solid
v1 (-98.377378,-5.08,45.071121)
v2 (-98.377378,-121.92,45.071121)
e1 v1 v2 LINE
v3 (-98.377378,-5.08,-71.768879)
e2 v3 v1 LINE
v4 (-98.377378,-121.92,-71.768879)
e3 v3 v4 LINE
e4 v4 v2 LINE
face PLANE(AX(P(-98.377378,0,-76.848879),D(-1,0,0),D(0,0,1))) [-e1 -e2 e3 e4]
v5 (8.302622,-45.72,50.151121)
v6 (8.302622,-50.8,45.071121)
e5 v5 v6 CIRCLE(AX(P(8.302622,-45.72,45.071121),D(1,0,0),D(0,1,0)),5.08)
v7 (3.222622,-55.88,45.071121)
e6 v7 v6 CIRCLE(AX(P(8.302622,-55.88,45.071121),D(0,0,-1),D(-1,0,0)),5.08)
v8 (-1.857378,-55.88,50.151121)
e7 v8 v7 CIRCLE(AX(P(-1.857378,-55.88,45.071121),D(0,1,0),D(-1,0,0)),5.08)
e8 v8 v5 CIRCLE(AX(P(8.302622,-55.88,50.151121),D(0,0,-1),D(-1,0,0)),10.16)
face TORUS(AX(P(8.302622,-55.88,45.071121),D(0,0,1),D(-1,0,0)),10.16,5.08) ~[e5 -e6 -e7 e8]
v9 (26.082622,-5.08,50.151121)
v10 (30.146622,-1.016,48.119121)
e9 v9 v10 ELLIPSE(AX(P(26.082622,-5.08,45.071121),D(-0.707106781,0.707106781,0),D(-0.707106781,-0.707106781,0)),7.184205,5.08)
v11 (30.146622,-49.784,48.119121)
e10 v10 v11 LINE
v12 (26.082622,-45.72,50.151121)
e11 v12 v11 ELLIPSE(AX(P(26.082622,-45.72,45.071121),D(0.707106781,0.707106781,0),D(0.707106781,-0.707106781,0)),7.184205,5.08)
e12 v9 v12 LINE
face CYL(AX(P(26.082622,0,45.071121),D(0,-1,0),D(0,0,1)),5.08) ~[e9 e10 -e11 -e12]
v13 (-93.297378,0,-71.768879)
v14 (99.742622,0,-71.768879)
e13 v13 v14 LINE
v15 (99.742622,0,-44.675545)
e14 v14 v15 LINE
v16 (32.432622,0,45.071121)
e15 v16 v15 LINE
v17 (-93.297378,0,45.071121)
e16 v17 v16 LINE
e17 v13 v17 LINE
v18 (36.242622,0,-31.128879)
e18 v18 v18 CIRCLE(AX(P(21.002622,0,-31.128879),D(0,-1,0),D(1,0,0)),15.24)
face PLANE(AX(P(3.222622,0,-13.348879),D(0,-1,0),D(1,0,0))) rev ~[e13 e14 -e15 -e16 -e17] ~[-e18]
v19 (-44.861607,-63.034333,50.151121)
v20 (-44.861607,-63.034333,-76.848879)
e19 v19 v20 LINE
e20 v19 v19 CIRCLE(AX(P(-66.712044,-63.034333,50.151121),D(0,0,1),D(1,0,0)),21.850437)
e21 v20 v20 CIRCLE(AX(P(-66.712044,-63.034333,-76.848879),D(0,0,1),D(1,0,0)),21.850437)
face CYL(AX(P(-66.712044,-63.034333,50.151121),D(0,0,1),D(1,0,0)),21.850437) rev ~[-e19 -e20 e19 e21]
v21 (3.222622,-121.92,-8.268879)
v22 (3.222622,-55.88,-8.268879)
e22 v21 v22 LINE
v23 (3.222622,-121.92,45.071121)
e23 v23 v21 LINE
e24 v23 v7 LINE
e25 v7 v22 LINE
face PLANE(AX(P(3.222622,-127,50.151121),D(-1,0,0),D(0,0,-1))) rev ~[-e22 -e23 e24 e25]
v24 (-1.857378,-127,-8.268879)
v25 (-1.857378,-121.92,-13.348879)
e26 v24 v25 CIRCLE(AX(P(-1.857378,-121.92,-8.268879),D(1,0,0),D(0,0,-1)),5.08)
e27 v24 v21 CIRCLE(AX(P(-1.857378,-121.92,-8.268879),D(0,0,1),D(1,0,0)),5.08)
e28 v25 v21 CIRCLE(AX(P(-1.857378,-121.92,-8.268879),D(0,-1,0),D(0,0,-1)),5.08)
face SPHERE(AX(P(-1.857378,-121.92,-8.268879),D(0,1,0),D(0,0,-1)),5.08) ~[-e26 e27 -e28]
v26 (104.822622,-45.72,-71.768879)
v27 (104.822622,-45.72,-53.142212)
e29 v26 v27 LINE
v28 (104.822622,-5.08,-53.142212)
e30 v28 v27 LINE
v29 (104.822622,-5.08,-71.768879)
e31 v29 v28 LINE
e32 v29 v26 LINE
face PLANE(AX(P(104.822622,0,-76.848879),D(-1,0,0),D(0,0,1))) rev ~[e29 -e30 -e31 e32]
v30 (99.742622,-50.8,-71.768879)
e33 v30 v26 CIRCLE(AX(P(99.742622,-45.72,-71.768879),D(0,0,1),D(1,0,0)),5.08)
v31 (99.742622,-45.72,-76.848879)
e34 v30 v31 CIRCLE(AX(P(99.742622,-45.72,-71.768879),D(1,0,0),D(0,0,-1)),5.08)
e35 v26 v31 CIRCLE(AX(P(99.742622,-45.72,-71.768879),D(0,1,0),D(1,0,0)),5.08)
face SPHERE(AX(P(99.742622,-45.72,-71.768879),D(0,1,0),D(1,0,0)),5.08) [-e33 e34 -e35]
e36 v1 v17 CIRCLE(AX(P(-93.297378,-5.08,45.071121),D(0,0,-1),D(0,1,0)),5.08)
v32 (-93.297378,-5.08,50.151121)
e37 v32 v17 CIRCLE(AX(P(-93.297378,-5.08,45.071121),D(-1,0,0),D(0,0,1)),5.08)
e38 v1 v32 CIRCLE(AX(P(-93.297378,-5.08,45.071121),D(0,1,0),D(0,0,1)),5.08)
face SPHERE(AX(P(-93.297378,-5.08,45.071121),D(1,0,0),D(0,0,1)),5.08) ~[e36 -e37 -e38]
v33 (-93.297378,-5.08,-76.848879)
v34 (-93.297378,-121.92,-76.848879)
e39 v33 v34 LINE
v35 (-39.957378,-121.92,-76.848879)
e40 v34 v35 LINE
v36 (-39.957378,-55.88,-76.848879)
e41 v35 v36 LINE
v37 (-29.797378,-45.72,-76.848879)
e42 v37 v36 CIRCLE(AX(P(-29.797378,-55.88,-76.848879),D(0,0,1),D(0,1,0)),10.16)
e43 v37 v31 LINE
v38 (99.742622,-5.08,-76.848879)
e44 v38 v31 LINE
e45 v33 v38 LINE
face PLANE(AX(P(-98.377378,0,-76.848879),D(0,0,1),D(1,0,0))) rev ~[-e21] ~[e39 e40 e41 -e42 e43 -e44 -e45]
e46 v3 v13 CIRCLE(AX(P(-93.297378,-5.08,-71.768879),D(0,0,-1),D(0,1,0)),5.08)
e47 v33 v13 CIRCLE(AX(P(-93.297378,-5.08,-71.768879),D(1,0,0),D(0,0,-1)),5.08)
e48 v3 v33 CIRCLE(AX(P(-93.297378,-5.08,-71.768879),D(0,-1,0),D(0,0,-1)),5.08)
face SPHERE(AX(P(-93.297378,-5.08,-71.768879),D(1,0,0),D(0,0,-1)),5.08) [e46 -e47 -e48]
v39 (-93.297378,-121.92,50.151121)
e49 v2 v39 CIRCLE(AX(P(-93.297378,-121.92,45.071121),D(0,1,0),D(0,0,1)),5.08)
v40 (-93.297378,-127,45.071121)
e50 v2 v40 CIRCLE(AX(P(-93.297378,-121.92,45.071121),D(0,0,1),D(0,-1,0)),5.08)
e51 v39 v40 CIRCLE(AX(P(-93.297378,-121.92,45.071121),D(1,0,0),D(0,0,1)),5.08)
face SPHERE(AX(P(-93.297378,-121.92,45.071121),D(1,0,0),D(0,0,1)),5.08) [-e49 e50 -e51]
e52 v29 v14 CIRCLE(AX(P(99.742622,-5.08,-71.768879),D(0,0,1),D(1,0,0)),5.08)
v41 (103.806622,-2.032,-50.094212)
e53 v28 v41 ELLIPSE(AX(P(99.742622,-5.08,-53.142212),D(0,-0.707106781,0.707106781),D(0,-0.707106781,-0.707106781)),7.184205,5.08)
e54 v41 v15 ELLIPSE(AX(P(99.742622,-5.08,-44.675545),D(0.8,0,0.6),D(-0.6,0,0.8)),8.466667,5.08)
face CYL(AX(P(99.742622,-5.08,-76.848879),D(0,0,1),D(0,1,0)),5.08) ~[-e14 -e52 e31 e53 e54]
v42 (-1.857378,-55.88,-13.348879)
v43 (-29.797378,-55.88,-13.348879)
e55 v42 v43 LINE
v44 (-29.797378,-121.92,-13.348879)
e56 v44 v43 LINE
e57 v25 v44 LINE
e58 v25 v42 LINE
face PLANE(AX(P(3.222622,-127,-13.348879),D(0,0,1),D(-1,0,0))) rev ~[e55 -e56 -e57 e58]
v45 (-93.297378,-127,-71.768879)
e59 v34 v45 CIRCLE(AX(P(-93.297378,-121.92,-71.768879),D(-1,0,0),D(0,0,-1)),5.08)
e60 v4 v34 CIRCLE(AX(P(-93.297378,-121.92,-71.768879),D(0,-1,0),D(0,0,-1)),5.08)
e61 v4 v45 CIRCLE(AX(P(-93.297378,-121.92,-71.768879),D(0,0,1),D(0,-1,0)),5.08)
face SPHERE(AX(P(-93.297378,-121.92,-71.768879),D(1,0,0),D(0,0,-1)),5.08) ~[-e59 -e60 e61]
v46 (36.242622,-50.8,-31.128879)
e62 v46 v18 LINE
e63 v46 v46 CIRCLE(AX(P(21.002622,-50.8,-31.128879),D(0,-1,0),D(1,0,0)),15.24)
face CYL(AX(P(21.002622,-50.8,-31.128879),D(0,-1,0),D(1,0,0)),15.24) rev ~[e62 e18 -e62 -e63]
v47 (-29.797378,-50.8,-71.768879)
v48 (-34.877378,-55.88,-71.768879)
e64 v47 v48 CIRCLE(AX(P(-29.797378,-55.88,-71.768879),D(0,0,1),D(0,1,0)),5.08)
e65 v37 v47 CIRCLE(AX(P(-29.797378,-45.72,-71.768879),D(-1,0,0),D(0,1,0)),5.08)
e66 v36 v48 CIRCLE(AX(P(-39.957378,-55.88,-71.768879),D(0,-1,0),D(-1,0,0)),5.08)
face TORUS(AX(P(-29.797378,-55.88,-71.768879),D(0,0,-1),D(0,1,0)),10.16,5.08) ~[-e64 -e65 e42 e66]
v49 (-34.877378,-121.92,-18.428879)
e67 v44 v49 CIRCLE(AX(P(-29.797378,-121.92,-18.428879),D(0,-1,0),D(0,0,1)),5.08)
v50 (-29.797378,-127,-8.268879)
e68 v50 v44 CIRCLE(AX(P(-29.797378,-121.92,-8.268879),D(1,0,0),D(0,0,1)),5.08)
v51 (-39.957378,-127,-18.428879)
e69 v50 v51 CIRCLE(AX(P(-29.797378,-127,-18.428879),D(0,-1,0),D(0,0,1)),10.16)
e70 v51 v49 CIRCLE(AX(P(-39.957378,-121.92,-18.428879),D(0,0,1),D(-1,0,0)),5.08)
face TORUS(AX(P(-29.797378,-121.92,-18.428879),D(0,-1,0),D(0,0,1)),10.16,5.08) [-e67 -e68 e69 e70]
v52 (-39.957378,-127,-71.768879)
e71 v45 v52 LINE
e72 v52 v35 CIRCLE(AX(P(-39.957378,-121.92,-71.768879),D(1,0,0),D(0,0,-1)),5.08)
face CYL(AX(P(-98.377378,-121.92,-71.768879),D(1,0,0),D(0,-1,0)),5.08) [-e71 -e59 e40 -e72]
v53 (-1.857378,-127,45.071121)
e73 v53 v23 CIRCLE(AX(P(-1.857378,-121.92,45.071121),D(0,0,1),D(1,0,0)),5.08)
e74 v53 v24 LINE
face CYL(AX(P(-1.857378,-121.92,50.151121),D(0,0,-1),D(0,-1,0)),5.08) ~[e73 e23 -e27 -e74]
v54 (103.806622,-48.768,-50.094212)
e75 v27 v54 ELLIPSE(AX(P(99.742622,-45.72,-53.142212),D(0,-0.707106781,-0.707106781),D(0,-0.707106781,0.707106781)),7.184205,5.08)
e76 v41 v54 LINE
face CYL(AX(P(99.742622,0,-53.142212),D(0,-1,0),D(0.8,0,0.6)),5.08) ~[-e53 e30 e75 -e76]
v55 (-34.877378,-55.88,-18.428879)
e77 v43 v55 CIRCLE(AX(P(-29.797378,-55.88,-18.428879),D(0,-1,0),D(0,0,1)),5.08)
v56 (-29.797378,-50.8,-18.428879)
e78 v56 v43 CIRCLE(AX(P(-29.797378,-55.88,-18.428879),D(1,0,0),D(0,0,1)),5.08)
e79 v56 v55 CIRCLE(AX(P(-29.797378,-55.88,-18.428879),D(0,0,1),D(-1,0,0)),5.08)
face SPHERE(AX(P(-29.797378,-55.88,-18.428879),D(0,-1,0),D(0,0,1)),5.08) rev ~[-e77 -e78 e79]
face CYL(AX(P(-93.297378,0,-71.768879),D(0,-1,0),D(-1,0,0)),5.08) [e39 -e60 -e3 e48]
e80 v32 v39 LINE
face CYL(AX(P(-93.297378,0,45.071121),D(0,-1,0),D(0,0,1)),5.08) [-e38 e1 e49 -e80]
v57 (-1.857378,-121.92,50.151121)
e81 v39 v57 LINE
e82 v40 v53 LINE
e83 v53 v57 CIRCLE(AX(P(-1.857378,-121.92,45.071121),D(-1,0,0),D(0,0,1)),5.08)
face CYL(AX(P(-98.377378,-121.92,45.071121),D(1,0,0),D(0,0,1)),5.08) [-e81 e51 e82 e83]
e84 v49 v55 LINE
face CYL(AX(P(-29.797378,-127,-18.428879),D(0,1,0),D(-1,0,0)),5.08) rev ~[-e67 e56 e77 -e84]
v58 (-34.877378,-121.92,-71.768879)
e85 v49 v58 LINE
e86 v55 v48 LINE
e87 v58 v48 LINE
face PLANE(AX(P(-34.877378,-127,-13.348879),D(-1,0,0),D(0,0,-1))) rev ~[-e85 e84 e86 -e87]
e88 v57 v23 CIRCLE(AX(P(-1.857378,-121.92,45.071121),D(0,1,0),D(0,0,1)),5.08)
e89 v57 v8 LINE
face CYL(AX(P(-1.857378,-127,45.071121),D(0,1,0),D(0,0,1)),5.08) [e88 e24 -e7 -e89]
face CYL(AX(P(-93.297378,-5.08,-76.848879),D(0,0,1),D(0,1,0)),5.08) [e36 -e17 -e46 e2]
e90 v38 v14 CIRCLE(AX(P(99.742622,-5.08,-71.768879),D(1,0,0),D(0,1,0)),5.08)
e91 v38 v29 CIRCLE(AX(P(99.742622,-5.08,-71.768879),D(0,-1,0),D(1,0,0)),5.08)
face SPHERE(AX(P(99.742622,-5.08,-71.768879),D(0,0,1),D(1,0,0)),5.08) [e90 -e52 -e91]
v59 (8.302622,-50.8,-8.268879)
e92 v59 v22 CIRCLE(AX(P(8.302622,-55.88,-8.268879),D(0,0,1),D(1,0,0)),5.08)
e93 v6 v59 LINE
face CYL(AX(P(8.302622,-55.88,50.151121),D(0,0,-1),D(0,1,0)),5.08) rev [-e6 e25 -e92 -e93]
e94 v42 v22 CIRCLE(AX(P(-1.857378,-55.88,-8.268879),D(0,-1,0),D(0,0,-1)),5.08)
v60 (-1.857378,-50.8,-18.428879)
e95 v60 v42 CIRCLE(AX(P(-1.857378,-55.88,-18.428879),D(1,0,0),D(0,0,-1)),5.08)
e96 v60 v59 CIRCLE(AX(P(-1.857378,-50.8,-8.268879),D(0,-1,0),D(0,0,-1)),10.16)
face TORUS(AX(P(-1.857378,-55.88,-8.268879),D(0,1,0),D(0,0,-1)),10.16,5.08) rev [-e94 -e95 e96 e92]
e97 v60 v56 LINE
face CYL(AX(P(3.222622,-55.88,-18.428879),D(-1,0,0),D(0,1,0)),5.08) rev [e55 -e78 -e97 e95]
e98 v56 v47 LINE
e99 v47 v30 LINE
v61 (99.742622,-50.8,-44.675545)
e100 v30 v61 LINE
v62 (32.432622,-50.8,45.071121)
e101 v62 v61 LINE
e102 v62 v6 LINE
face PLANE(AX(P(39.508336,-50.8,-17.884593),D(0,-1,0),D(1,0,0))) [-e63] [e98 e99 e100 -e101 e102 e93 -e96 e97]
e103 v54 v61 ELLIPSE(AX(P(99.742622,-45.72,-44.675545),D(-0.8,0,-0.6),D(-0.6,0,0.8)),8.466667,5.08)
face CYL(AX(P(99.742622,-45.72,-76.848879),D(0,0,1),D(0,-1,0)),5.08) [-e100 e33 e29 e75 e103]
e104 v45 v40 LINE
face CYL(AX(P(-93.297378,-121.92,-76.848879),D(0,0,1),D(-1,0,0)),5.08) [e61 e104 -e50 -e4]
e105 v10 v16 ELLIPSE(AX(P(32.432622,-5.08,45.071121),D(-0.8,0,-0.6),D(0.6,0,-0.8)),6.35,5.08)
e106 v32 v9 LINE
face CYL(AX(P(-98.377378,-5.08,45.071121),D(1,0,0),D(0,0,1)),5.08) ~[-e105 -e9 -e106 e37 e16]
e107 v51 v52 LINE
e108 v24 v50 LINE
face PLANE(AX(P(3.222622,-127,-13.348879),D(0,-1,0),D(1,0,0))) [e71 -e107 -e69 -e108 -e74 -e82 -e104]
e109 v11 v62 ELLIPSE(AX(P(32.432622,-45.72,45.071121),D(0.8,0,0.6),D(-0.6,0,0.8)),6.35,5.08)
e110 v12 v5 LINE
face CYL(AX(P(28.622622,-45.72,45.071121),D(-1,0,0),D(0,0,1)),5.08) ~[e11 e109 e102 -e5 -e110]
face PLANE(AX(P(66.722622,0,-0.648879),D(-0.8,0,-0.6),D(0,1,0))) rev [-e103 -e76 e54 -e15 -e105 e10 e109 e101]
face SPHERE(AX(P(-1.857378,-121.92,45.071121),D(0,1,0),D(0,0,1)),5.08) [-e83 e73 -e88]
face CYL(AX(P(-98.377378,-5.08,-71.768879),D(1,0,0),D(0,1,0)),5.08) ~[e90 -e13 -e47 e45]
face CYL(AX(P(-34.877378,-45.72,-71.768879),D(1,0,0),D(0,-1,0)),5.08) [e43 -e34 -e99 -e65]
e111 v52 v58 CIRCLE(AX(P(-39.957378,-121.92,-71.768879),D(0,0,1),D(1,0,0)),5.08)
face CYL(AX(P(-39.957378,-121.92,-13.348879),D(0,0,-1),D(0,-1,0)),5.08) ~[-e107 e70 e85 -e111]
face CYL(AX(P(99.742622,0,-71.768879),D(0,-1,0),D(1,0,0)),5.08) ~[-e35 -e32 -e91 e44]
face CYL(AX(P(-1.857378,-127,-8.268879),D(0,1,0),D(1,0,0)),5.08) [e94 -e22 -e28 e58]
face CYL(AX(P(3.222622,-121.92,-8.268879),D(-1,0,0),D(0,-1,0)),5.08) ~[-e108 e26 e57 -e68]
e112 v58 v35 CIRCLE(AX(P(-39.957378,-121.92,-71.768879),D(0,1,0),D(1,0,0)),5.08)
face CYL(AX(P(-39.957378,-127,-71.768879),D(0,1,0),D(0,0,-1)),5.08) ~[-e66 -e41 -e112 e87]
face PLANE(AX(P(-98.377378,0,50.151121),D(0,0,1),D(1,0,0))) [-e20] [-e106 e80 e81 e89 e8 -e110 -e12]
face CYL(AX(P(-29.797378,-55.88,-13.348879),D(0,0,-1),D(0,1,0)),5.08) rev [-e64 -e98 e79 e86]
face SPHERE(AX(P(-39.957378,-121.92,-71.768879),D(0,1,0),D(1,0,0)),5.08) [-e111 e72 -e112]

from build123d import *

# Parameters (mm, degrees)
F0_W     = 203.2
F0_H     = 127
F1_DEPTH = 127
F3_DEPTH = 76.2
F4_SIZE2 = 101.6
F4_SIZE  = 76.2
F5_R     = 5.08
F6_R     = 15.24
F7_DEPTH = 50.801
F8_R     = 21.8504369972
F9_DEPTH = 127.001


with BuildPart() as f1:
    # F0 (on Front) → F1 (new body)
    with BuildSketch(Plane.XZ):
        with Locations((3.2226219773, -13.3488786947)):
            Rectangle(F0_W, F0_H)
    extrude(amount=F1_DEPTH)

    # F2 (on face) → F3 (cut)
    with BuildSketch(Plane.XZ.offset(127)):
        Polygon((-34.8773780227, -13.3488786947), (-34.8773780227, -76.8488786947), (104.8226219773, -76.8488786947), (104.8226219773, 50.1511213053), (3.2226219773, 50.1511213053), (3.2226219773, -13.3488786947), align=None)
    extrude(amount=-F3_DEPTH, mode=Mode.SUBTRACT)

    # F4
    f4_edges = [f1.edges().sort_by_distance(p)[0] for p in [
        (104.822622, -25.4, 50.151121),
    ]]
    f4_side = f1.faces().sort_by_distance((-18.548807, -52.614286, 50.151121))[0]
    chamfer(f4_edges, length=F4_SIZE, length2=F4_SIZE2, reference=f4_side)

    # F5
    f5_edges = [f1.edges().sort_by_distance(p)[0] for p in [
        (3.222622, -88.9, 50.151121),
        (-47.577378, -127, 50.151121),
        (-34.877378, 0, 50.151121),
        (28.622622, -25.4, 50.151121),
        (-98.377378, -63.5, 50.151121),
        (15.922622, -50.8, 50.151121),
        (3.222622, -88.9, -13.348879),
        (-34.877378, -88.9, -13.348879),
        (-15.827378, -127, -13.348879),
        (-15.827378, -50.8, -13.348879),
        (3.222622, -127, 18.401121),
        (3.222622, -50.8, 18.401121),
        (-34.877378, -88.9, -76.848879),
        (-34.877378, -127, -45.098879),
        (-34.877378, -50.8, -45.098879),
        (104.822622, 0, -64.148879),
        (104.822622, -25.4, -51.448879),
        (104.822622, -25.4, -76.848879),
        (104.822622, -50.8, -64.148879),
        (3.222622, 0, -76.848879),
        (34.972622, -50.8, -76.848879),
        (-66.627378, -127, -76.848879),
        (-98.377378, -63.5, -76.848879),
        (-98.377378, 0, -13.348879),
        (-98.377378, -127, -13.348879),
    ]]
    fillet(f5_edges, radius=F5_R)

    # F6 (on face) → F7 (cut, through all)
    with BuildSketch(Plane.XZ.offset(50.8)):
        with Locations((21.0026219773, -31.1288786947)):
            Circle(F6_R)
    extrude(amount=-F7_DEPTH, mode=Mode.SUBTRACT)

    # F8 (on face) → F9 (cut, through all)
    with BuildSketch(Plane.XY.offset(50.1511213053)):
        with Locations((-66.7120441794, -63.0343332887)):
            Circle(F8_R)
    extrude(amount=-F9_DEPTH, mode=Mode.SUBTRACT)


solid = f1.part
